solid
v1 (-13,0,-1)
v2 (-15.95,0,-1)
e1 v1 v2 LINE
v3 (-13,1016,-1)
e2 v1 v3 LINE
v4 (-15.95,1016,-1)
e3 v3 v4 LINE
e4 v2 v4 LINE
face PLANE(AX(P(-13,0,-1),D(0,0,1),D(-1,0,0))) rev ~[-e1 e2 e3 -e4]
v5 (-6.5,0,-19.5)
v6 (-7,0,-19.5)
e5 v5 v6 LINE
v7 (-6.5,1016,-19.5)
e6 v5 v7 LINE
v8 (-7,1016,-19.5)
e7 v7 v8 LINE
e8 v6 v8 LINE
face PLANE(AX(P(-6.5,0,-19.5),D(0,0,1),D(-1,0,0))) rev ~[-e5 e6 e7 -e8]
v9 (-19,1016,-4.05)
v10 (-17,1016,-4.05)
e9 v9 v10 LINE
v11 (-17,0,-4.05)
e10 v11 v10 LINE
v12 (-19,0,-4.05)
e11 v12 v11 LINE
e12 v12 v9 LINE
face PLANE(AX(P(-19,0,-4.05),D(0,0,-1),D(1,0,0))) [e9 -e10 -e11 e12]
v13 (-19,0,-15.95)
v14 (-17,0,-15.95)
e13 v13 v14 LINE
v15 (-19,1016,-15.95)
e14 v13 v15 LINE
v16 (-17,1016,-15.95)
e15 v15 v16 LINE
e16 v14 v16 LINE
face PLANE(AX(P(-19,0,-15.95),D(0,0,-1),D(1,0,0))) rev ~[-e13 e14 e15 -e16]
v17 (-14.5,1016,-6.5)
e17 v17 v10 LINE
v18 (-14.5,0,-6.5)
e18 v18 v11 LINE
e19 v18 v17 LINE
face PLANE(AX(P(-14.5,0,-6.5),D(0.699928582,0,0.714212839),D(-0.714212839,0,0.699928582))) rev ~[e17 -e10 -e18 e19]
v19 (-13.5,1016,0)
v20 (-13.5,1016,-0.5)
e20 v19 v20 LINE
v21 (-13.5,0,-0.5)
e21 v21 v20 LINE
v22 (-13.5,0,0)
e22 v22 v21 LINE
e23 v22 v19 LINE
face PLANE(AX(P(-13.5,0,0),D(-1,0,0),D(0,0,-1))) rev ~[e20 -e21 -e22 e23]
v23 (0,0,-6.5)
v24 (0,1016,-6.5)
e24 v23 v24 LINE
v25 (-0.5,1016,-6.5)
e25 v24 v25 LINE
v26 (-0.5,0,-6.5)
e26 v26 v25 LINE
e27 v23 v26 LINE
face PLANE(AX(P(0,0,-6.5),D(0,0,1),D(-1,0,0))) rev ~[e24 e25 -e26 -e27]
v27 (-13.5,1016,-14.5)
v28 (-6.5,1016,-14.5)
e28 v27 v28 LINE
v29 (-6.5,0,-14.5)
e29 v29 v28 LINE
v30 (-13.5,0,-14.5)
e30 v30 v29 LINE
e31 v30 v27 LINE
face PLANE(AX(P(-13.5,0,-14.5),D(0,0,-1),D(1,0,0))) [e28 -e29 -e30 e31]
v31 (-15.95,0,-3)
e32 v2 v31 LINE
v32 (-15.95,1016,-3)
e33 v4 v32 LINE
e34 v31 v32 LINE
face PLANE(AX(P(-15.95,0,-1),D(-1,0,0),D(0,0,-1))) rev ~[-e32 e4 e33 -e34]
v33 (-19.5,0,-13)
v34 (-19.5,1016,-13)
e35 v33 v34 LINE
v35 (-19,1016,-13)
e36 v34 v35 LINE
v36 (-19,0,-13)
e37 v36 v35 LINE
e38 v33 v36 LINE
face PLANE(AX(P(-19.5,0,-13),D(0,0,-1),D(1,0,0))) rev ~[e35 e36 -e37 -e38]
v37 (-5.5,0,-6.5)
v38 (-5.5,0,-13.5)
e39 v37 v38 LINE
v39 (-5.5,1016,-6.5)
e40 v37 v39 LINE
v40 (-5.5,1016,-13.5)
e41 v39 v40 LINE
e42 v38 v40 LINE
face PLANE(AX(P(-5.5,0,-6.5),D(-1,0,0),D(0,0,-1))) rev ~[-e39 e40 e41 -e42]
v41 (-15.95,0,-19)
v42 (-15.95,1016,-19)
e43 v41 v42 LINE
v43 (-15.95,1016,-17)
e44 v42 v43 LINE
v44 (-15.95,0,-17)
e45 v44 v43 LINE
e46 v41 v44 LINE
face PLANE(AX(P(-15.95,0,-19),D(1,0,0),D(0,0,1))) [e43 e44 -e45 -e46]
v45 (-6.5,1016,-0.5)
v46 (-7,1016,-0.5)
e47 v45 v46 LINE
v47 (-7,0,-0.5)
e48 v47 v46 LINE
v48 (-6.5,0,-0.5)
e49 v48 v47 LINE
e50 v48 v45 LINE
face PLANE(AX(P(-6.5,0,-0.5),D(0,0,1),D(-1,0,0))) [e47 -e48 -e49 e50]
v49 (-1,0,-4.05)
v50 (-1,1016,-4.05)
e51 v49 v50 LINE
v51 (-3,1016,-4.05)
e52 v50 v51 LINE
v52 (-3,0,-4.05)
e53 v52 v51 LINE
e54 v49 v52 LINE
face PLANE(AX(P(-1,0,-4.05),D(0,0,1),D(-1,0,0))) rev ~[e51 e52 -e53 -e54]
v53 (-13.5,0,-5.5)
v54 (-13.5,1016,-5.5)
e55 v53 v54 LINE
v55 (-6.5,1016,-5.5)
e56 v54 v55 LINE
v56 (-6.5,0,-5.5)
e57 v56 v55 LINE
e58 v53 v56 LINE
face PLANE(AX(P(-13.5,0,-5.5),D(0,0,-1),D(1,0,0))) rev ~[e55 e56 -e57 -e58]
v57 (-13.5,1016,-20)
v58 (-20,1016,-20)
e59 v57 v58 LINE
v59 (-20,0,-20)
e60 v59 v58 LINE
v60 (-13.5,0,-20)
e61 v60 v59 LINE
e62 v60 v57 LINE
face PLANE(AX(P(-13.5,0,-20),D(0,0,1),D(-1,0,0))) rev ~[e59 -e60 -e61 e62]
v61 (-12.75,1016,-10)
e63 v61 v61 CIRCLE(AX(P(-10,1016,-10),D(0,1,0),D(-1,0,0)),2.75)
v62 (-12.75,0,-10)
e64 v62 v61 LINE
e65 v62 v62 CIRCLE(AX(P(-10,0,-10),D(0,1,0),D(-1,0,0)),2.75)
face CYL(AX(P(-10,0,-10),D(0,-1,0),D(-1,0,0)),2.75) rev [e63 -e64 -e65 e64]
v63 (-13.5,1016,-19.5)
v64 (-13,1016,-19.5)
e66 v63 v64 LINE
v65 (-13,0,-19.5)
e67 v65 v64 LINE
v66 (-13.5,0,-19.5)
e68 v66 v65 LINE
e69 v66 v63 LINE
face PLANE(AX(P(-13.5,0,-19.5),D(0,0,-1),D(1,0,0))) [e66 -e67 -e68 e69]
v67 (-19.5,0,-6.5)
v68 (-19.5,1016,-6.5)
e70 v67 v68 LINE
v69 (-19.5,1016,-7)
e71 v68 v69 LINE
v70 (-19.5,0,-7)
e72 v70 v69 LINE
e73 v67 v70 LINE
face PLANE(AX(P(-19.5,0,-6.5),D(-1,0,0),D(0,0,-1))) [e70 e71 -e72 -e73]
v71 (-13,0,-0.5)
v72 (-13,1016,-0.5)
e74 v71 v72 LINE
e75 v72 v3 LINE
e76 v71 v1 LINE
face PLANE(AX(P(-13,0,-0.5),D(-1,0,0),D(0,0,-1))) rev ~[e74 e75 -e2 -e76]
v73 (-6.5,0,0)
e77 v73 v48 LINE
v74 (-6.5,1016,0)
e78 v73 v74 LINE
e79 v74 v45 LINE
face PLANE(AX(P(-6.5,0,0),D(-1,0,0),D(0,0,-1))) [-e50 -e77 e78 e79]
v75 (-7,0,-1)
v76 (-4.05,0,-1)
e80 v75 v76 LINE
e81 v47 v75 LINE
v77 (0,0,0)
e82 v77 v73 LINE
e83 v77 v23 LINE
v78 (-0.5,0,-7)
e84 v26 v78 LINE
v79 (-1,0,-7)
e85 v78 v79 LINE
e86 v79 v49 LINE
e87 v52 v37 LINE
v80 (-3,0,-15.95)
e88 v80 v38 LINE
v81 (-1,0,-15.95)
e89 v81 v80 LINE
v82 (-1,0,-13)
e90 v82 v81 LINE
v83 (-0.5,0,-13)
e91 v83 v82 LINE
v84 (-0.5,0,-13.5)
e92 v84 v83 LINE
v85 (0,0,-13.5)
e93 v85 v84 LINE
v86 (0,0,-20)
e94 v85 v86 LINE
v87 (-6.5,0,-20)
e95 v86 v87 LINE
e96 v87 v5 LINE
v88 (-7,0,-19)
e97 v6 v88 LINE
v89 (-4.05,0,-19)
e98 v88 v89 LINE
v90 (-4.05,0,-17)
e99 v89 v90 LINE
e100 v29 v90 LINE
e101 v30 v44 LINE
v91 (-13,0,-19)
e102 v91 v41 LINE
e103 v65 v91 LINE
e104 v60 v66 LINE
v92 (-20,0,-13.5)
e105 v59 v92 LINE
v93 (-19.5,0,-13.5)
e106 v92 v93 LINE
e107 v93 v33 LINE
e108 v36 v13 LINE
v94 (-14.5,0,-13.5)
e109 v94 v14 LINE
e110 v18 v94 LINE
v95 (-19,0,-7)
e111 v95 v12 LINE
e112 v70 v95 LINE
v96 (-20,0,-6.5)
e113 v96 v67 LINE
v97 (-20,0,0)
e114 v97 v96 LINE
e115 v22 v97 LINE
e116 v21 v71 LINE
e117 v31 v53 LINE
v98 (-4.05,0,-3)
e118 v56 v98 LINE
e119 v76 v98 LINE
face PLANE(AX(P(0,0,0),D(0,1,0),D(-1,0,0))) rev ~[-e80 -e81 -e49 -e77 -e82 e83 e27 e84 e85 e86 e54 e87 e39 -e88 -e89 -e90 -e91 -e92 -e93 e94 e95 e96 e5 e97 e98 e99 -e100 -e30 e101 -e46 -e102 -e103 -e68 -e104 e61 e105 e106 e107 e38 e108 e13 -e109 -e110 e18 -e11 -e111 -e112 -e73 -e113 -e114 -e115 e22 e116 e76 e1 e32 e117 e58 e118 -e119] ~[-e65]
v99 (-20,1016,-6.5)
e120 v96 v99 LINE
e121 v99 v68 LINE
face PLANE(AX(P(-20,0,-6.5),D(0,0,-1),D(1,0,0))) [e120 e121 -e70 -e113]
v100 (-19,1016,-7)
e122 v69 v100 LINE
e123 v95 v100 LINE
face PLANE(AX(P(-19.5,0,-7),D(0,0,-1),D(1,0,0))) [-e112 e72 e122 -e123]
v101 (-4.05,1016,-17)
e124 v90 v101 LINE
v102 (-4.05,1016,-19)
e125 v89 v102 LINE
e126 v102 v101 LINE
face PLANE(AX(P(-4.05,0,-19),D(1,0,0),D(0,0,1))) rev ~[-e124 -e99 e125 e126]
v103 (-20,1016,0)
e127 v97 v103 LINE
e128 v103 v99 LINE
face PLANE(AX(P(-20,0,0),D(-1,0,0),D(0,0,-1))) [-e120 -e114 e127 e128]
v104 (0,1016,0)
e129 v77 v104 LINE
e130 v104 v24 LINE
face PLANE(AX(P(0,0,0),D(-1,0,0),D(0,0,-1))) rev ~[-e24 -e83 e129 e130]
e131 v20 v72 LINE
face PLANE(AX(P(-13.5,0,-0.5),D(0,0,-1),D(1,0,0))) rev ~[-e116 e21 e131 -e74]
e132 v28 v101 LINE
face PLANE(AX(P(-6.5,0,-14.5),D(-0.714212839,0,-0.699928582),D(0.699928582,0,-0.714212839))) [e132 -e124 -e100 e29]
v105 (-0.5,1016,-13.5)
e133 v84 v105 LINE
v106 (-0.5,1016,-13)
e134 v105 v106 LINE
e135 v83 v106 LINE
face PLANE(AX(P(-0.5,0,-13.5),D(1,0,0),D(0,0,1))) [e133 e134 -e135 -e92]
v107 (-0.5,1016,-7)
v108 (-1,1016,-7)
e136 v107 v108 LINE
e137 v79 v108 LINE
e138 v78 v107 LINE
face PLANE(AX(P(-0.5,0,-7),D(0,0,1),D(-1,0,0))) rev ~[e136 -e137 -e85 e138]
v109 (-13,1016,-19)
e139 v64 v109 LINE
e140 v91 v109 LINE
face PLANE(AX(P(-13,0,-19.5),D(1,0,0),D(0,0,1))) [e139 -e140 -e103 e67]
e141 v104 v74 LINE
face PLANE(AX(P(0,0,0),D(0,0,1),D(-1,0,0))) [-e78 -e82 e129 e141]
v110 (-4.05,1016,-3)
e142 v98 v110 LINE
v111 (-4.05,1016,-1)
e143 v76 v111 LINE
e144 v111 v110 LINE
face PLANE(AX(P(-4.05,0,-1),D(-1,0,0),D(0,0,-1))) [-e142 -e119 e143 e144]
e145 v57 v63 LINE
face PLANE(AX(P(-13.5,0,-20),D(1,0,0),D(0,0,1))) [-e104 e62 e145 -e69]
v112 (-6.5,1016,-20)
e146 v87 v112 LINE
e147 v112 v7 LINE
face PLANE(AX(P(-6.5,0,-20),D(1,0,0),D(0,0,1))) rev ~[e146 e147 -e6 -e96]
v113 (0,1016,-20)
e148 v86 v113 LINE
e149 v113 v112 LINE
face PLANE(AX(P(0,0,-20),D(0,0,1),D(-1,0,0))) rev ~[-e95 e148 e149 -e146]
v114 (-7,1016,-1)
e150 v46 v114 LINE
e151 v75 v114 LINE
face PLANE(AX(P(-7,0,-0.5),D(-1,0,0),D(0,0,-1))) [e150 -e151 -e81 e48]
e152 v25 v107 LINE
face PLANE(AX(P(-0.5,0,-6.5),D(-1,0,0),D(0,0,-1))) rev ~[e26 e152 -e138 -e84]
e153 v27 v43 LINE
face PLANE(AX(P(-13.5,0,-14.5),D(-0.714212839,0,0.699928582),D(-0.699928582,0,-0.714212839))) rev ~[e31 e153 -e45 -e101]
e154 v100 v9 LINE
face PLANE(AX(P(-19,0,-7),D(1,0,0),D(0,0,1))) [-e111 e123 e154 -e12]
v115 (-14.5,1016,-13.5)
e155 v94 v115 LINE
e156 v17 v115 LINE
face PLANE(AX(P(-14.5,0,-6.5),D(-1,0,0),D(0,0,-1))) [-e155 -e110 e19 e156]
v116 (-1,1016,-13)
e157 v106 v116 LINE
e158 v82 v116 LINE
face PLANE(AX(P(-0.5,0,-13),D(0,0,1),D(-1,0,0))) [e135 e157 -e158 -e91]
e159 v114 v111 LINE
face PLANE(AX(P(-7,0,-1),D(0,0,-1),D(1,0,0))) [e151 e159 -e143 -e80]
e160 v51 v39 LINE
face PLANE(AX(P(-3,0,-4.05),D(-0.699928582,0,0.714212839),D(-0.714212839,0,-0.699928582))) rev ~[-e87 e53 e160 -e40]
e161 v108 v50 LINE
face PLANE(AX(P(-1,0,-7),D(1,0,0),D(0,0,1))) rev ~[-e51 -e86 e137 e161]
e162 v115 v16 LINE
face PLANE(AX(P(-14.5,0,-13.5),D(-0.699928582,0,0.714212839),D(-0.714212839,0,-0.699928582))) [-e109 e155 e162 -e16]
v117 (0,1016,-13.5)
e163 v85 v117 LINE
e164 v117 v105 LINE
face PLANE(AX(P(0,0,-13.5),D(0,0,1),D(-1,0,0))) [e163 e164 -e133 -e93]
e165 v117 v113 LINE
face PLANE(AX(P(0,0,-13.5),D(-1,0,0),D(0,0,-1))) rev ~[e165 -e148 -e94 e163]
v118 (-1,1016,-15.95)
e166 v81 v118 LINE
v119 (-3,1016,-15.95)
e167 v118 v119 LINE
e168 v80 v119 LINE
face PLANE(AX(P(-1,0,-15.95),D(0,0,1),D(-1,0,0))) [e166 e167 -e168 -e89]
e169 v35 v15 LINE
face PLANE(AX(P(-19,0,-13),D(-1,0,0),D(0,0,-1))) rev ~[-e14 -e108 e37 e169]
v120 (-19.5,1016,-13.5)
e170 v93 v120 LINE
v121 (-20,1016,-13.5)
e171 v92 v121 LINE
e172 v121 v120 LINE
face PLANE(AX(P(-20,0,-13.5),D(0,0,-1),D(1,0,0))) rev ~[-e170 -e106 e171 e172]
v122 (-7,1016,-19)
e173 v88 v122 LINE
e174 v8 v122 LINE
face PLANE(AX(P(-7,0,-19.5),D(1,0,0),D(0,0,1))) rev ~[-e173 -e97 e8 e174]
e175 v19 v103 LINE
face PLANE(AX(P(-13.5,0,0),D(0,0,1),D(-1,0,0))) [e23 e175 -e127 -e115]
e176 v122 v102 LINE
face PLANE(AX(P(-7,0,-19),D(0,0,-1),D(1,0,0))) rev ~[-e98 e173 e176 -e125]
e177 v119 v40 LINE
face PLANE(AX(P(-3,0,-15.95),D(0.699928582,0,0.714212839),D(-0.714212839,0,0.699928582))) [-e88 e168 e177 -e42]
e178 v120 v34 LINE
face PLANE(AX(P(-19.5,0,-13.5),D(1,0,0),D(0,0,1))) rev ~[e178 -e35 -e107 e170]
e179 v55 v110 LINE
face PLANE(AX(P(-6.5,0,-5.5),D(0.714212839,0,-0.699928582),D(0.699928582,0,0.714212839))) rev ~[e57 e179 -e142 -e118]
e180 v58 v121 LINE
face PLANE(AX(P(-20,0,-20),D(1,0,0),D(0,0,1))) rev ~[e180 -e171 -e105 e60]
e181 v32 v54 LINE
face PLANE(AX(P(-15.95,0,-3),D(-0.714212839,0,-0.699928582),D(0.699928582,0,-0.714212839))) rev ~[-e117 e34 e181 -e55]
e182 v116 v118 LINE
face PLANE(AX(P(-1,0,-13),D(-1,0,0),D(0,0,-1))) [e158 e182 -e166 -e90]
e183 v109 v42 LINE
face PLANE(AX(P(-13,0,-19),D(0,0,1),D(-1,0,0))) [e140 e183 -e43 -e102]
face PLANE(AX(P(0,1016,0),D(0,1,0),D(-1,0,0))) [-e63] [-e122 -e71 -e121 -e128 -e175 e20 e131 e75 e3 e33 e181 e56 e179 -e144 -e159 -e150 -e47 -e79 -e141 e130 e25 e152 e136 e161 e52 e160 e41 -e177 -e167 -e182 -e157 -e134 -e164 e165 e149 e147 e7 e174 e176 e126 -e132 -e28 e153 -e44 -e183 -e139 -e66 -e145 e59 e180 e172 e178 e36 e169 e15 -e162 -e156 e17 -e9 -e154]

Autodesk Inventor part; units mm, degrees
ref_plane "YZ Plane" through (0, 0, 0) normal (1, 0, 0) x (0, 1, 0)
ref_plane "XZ Plane" through (0, 0, 0) normal (0, 1, 0) x (-1, 0, 0)
ref_plane "XY Plane" through (0, 0, 0) normal (0, 0, 1) x (1, 0, 0)
sketch "Sketch1" plane through (0, 0, 0) normal (0, 1, 0) x (-1, 0, 0)
  line L0 (0, 0) -> (0, -6.5)
  line L1 (0, -6.5) -> (0.5, -6.5)
  line L2 (0.5, -6.5) -> (0.5, -7)
  line L3 (0.5, -7) -> (1, -7)
  line L4 (1, -7) -> (1, -4.05)
  line L5 (1, -4.05) -> (3, -4.05)
  line L6 (5.5, -6.5) -> (5.5, -13.5)
  line L7 (0, -13.5) -> (0.5, -13.5)
  line L8 (0.5, -13.5) -> (0.5, -13)
  line L9 (0.5, -13) -> (1, -13)
  line L10 (1, -13) -> (1, -15.95)
  line L11 (1, -15.95) -> (3, -15.95)
  line L12 (3, -15.95) -> (5.5, -13.5)
  line L13 (3, -4.05) -> (5.5, -6.5)
  line L14 (0, -13.5) -> (0, -20)
  line L15 (0, -20) -> (6.5, -20)
  line L16 (6.5, -20) -> (6.5, -19.5)
  line L17 (6.5, -19.5) -> (7, -19.5)
  line L18 (7, -19.5) -> (7, -19)
  line L19 (7, -19) -> (4.05, -19)
  line L20 (4.05, -19) -> (4.05, -17)
  line L21 (0, 0) -> (6.5, 0)
  line L22 (6.5, 0) -> (6.5, -0.5)
  line L23 (6.5, -0.5) -> (7, -0.5)
  line L24 (7, -0.5) -> (7, -1)
  line L25 (7, -1) -> (4.05, -1)
  line L26 (4.05, -1) -> (4.05, -3)
  line L27 (13.5, -20) -> (13.5, -19.5)
  line L28 (13.5, -19.5) -> (13, -19.5)
  line L29 (13, -19.5) -> (13, -19)
  line L30 (13, -19) -> (15.95, -19)
  line L31 (15.95, -19) -> (15.95, -17)
  line L32 (13.5, -14.5) -> (6.5, -14.5)
  line L33 (6.5, -14.5) -> (4.05, -17)
  line L34 (13.5, -14.5) -> (15.95, -17)
  line L35 (13.5, -20) -> (20, -20)
  line L36 (20, -20) -> (20, -13.5)
  line L37 (20, -13.5) -> (19.5, -13.5)
  line L38 (19.5, -13.5) -> (19.5, -13)
  line L39 (19.5, -13) -> (19, -13)
  line L40 (19, -13) -> (19, -15.95)
  line L41 (19, -15.95) -> (17, -15.95)
  line L42 (13.5, 0) -> (13.5, -0.5)
  line L43 (13.5, -0.5) -> (13, -0.5)
  line L44 (13, -0.5) -> (13, -1)
  line L45 (13, -1) -> (15.95, -1)
  line L46 (15.95, -1) -> (15.95, -3)
  line L47 (13.5, 0) -> (20, 0)
  line L48 (20, 0) -> (20, -6.5)
  line L49 (20, -6.5) -> (19.5, -6.5)
  line L50 (19.5, -6.5) -> (19.5, -7)
  line L51 (19.5, -7) -> (19, -7)
  line L52 (19, -7) -> (19, -4.05)
  line L53 (19, -4.05) -> (17, -4.05)
  line L54 (13.5, -5.5) -> (6.5, -5.5)
  line L55 (15.95, -3) -> (13.5, -5.5)
  line L56 (6.5, -5.5) -> (4.05, -3)
  line L57 (14.5, -6.5) -> (14.5, -13.5)
  line L58 (14.5, -13.5) -> (17, -15.95)
  line L59 (14.5, -6.5) -> (17, -4.05)
  circle A0 centre (10, -10) radius 2.75
  dimension "d0" = 6.5
  dimension "d1" = 0.5
  dimension "d2" = 0.5
  dimension "d3" = 0.5
  dimension "d4" = 2.95
  dimension "d5" = 2
  dimension "d6" = 7
  dimension "d7" = 0.5
  dimension "d8" = 2.95
  dimension "d9" = 2
  dimension "d10" = 6.5
  dimension "d11" = 6.5
  dimension "d12" = 0.5
  dimension "d13" = 0.5
  dimension "d14" = 0.5
  dimension "d15" = 2.95
  dimension "d16" = 2
  dimension "d17" = 5.5
  dimension "d18" = 6.5
  dimension "d19" = 0.5
  dimension "d20" = 0.5
  dimension "d21" = 0.5
  dimension "d22" = 2.95
  dimension "d23" = 2
  dimension "d24" = 5.5
  dimension "d25" = 0.5
  dimension "d26" = 0.5
  dimension "d27" = 0.5
  dimension "d28" = 0.5
  dimension "d29" = 2.95
  dimension "d30" = 2
  dimension "d31" = 7
  dimension "d32" = 6.5
  dimension "d33" = 6.5
  dimension "d34" = 0.5
  dimension "d35" = 0.5
  dimension "d36" = 0.5
  dimension "d37" = 2.95
  dimension "d38" = 2
  dimension "d39" = 5.5
  dimension "d40" = 5.5
  dimension "d41" = 0.5
  dimension "d42" = 0.5
  dimension "d43" = 0.5
  dimension "d44" = 2.95
  dimension "d45" = 2
  dimension "d46" = 6.5
  dimension "d47" = 6.5
  dimension "d48" = 0.5
  dimension "d49" = 0.5
  dimension "d50" = 0.5
  dimension "d51" = 2.95
  dimension "d52" = 2
  dimension "d53" = 7
  dimension "d54" = 5.5
  dimension "d55" = 5.5
  dimension "d56" = 5.5
  dimension "d57" = 5.5
  dimension "d58" = 10
  dimension "d59" = 10
extrude "Extrusion1" add sketch "Sketch1" along normal blind 1016
properties part number "Tslot_2020extrusion_40inch"
